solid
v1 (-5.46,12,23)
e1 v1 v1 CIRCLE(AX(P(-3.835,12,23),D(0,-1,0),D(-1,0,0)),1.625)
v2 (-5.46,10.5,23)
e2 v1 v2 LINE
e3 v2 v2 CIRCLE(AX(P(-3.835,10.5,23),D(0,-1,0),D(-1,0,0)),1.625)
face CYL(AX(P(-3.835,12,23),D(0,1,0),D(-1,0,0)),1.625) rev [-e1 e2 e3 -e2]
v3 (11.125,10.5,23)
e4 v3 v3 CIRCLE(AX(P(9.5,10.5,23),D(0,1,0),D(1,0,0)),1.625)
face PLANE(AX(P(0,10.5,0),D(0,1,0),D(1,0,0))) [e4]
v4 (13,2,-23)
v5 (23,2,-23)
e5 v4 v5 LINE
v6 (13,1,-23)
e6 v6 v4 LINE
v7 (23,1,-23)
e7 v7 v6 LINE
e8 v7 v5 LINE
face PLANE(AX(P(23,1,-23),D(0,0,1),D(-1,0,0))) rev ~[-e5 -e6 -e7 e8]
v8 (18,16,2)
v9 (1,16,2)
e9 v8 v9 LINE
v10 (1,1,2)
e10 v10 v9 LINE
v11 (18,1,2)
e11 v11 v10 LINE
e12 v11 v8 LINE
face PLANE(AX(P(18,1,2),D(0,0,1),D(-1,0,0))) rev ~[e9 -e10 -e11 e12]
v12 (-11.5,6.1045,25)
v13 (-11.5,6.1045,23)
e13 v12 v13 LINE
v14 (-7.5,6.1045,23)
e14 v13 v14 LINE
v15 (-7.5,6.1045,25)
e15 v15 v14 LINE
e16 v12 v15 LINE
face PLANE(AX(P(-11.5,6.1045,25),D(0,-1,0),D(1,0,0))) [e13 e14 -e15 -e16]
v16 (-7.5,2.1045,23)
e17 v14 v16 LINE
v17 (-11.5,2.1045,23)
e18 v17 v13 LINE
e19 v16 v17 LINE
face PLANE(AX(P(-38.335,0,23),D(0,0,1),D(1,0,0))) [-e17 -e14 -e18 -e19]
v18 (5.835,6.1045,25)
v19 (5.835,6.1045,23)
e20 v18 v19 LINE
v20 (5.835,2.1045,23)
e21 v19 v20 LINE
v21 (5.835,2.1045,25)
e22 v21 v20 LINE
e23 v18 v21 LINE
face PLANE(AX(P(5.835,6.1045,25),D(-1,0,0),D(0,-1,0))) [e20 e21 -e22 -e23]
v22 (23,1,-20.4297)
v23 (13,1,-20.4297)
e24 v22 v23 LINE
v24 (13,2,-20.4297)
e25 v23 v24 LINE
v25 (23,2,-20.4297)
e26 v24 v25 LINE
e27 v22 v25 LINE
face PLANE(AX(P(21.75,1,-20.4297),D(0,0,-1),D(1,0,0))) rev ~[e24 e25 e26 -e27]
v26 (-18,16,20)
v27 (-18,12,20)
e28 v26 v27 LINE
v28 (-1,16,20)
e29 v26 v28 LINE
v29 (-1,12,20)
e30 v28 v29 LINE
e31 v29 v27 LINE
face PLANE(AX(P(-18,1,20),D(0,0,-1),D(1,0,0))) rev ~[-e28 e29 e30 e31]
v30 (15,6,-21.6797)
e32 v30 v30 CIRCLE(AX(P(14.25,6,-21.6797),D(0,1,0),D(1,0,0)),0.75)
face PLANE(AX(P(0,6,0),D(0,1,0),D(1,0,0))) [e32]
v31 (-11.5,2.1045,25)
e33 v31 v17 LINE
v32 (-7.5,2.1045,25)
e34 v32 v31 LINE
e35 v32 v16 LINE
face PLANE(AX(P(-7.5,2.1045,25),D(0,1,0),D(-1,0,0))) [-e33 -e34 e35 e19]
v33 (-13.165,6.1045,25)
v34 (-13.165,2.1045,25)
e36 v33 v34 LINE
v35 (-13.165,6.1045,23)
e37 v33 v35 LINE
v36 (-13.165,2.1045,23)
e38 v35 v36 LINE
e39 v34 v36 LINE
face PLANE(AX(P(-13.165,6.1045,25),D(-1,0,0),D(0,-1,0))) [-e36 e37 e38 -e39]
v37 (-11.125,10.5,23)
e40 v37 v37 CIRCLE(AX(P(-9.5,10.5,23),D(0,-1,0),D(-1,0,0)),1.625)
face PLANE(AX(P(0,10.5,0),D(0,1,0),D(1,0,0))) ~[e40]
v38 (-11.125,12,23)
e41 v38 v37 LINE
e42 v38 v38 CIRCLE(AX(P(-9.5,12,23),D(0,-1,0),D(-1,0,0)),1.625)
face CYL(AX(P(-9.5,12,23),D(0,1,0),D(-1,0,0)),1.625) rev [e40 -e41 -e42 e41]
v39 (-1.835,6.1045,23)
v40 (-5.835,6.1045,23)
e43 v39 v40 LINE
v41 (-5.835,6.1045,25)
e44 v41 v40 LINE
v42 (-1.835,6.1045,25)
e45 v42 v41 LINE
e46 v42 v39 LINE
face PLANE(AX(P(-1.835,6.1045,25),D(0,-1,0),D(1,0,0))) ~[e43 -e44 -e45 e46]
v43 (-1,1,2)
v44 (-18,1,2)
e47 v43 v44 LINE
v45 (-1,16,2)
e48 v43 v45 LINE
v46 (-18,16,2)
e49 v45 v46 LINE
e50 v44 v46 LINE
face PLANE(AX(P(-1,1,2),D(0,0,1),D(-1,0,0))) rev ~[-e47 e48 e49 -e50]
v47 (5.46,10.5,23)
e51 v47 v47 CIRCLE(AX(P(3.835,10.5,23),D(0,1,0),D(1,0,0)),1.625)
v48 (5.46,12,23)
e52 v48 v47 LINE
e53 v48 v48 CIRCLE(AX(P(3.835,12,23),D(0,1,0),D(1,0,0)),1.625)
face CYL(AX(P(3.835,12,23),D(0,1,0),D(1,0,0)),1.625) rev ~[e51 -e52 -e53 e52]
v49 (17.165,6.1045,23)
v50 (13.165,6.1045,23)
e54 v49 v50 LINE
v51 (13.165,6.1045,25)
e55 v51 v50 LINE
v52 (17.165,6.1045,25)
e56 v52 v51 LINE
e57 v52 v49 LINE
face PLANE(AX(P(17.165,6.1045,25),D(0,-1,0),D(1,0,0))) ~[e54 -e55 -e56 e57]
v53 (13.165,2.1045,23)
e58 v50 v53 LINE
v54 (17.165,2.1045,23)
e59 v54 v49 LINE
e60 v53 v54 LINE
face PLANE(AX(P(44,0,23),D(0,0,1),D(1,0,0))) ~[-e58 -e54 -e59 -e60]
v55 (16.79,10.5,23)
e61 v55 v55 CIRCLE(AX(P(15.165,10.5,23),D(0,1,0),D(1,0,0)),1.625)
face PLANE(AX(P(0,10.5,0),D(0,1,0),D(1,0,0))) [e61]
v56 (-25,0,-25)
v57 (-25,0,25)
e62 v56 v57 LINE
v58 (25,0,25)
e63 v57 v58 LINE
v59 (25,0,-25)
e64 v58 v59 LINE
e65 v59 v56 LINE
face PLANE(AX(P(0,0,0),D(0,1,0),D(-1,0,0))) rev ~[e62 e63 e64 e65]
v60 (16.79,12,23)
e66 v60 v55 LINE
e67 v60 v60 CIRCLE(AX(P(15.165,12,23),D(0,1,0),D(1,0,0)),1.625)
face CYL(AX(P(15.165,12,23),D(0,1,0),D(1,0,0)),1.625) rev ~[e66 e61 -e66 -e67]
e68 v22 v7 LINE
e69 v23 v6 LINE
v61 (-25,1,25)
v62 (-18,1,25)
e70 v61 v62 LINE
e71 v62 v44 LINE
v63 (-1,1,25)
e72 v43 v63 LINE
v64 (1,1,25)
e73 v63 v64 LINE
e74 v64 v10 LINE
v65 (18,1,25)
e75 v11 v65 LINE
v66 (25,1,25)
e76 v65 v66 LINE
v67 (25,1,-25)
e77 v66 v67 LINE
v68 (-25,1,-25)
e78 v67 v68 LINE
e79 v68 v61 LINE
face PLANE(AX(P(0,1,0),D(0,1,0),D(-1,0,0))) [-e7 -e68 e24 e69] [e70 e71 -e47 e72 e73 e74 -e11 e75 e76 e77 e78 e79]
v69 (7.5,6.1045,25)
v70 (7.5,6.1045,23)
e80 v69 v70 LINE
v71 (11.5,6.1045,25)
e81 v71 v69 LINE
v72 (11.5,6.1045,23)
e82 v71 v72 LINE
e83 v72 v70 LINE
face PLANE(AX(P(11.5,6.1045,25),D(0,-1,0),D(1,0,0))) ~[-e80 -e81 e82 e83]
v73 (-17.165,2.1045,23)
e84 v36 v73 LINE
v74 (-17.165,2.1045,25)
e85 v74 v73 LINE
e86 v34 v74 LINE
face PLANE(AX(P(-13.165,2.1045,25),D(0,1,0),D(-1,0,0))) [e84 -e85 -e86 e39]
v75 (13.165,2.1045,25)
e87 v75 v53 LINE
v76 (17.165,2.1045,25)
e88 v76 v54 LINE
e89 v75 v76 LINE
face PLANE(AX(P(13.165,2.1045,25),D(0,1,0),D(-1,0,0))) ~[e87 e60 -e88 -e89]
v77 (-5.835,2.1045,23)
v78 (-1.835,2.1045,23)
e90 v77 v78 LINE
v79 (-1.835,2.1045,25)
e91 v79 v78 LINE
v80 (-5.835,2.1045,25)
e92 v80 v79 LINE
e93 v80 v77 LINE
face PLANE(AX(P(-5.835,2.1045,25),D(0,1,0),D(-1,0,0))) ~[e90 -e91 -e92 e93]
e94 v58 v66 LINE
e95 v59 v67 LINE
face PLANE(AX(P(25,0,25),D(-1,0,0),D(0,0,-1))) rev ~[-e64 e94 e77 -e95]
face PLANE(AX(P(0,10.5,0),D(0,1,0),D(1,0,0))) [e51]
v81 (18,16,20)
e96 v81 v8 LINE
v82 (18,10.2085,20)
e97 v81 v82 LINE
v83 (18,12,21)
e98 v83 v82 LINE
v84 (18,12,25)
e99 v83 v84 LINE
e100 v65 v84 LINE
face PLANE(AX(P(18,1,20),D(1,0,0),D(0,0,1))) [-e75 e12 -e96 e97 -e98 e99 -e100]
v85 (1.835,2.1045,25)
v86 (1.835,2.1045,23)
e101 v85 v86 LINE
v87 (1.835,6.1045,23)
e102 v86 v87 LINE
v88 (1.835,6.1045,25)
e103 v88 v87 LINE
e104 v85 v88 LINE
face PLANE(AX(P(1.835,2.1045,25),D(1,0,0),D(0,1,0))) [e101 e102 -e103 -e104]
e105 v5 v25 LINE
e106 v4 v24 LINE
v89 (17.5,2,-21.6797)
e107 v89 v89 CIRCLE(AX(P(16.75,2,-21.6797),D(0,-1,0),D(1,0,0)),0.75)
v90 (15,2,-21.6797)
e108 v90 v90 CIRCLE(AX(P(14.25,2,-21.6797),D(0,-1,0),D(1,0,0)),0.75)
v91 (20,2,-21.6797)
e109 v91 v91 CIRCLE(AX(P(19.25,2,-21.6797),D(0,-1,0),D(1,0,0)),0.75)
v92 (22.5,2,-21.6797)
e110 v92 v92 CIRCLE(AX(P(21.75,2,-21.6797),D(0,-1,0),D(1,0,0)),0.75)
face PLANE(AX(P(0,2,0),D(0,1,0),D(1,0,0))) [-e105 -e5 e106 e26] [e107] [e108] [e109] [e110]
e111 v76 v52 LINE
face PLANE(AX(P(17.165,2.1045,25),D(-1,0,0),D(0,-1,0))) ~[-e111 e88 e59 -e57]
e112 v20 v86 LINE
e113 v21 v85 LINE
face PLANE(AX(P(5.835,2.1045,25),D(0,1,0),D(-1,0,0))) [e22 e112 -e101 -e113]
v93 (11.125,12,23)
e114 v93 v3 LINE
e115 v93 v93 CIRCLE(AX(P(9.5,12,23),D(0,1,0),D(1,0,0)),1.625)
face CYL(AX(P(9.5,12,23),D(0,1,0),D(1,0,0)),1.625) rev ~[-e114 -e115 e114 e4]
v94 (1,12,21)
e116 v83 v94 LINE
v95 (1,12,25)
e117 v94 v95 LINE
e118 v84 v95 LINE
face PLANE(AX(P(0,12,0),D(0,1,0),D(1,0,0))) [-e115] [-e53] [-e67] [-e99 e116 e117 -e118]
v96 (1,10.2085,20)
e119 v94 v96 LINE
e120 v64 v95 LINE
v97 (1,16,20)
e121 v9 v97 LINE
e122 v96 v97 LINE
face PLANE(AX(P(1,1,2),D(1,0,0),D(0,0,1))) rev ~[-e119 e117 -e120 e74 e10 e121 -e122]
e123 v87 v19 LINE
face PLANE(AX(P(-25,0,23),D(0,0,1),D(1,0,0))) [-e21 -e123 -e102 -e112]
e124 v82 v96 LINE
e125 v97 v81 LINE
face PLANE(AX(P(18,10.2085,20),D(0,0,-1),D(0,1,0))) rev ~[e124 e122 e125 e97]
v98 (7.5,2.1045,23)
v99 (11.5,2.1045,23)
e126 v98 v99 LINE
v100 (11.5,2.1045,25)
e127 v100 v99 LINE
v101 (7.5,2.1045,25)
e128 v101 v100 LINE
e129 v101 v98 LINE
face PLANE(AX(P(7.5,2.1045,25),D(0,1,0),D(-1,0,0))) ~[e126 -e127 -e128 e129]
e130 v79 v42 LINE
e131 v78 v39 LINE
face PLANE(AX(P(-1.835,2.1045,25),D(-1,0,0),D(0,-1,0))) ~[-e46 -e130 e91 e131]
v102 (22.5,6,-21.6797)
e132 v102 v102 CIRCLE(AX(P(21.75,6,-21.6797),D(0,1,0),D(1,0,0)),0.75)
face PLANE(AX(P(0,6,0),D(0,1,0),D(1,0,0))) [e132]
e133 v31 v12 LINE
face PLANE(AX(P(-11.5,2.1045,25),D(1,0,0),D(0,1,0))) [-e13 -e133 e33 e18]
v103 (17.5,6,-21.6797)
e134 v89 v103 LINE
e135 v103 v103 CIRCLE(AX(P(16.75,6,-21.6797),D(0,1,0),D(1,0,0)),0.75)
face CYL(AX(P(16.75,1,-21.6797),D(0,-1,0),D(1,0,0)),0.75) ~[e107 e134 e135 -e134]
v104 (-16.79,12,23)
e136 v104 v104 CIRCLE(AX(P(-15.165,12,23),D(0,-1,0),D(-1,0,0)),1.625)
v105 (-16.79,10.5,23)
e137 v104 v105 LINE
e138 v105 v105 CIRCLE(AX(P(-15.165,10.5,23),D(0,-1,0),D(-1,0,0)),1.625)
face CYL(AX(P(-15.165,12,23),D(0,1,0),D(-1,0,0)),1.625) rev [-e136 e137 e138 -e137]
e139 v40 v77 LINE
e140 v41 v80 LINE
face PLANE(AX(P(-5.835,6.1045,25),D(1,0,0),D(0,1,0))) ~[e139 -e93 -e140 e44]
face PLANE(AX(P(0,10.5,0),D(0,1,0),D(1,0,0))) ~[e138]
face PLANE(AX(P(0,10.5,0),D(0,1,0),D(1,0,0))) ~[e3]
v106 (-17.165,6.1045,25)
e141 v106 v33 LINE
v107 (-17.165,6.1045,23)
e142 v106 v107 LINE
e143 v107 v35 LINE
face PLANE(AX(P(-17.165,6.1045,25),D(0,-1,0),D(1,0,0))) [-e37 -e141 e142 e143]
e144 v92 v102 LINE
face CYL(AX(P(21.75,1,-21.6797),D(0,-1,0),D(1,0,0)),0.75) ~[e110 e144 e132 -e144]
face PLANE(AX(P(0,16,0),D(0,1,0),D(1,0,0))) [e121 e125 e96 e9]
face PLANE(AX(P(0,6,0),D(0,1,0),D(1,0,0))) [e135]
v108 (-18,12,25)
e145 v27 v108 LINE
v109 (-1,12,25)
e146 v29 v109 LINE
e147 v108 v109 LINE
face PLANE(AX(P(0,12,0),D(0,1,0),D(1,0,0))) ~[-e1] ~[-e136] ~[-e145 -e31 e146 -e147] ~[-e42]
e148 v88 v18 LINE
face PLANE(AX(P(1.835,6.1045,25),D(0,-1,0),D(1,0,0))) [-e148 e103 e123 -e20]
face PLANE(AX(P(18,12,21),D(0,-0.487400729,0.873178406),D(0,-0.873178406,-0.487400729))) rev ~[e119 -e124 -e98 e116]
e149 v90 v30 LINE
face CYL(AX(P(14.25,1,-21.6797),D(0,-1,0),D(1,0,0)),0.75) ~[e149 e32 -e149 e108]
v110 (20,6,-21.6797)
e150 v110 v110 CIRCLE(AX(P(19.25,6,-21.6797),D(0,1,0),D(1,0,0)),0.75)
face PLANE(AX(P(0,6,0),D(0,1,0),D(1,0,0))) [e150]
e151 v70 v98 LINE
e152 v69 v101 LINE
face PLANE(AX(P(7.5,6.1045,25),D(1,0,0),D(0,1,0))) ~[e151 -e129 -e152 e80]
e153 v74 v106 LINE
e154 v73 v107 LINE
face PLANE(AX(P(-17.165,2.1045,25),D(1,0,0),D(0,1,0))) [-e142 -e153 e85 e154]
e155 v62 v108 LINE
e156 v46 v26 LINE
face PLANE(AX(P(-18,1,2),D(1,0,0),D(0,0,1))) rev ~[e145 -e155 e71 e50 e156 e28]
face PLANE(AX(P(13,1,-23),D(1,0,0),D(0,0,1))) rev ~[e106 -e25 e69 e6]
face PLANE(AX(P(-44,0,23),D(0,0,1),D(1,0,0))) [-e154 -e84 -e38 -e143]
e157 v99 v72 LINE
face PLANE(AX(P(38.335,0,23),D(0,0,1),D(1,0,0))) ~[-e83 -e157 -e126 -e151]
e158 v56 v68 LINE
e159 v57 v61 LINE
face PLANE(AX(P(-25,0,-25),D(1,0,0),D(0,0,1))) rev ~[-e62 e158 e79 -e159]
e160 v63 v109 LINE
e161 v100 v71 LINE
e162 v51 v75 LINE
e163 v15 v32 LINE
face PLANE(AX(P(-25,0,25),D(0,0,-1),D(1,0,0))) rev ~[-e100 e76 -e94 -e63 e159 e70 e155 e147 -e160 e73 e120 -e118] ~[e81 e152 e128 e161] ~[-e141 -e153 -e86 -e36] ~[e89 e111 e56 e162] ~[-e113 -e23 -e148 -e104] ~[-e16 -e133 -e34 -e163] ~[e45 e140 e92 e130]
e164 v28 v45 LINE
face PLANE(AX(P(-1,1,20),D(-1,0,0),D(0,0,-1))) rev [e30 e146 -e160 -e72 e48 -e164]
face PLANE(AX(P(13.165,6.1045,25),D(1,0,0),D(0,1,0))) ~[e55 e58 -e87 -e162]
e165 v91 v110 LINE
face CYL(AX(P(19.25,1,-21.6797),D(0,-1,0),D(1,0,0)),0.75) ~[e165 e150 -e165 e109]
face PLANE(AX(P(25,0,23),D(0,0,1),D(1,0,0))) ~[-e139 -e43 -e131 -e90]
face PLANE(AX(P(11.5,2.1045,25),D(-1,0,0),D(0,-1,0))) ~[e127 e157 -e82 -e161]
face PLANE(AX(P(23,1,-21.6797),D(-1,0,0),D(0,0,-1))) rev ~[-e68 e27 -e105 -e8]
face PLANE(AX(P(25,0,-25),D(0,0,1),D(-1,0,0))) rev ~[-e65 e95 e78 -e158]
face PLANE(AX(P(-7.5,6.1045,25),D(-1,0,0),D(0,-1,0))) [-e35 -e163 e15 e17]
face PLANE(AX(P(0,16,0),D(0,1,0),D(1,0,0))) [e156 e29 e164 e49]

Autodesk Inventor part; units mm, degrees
ref_plane "YZ Plane" through (0, 0, 0) normal (1, 0, 0) x (0, 1, 0)
ref_plane "XZ Plane" through (0, 0, 0) normal (0, 1, 0) x (-1, 0, 0)
ref_plane "XY Plane" through (0, 0, 0) normal (0, 0, 1) x (1, 0, 0)
sketch "Sketch1" plane through (0, 0, 0) normal (0, 1, 0) x (-1, 0, 0)
  line L0 (-25, 25) -> (-25, -25)
  line L1 (-25, -25) -> (25, -25)
  line L2 (25, -25) -> (25, 25)
  line L3 (25, 25) -> (-25, 25)
  line L4 (-25, 25) -> (25, -25) construction
  line L5 (-25, -25) -> (25, 25) construction
  point P0 (0, 0)
  dimension "d0" = 50
  dimension "d1" = 50
extrude "Extrusion1" add sketch "Sketch1" along normal blind 1
sketch "Sketch2" plane through (0, 1, 0) normal (0, 1, 0) x (1, 0, 0)
  line L0 (25, -25) -> (25, 25) construction
  line L1 (25, -25) -> (25, -20) construction
  line L2 (25, -20) -> (-25, -20) construction
  line L3 (-25, 25) -> (-25, -25) construction
  line L4 (25, -20) -> (25, -2) construction
  line L5 (25, -2) -> (-25, -2) construction
  line L6 (25, -20) -> (18, -20) construction
  line L7 (18, -20) -> (18, -2) construction
  line L8 (-25, -20) -> (-18, -20) construction
  line L9 (-18, -20) -> (-18, -2) construction
  line L10 (1, -2) -> (-1, -2) construction
  line L11 (-1, -2) -> (-1, -20) construction
  line L12 (-1, -20) -> (1, -20) construction
  line L13 (1, -20) -> (1, -2) construction
  line L14 (1, -2) -> (-1, -20) construction
  line L15 (-1, -2) -> (1, -20) construction
  line L16 (18, -2) -> (1, -2)
  line L17 (1, -2) -> (1, -20)
  line L18 (1, -20) -> (18, -20)
  line L19 (18, -20) -> (18, -2)
  line L20 (-1, -2) -> (-18, -2)
  line L21 (-18, -2) -> (-18, -20)
  line L22 (-18, -20) -> (-1, -20)
  line L23 (-1, -20) -> (-1, -2)
  point P0 (0, 0)
  point P1 (0, -11)
  dimension "d4" = 5
  dimension "d5" = 18
  dimension "d6" = 7
  dimension "d7" = 7
  dimension "d8" = 2
extrude "Extrusion2" add sketch "Sketch2" along normal blind 15
sketch "Sketch3" plane through (0, 1, 0) normal (0, 1, 0) x (1, 0, 0)
  line L0 (18, -20) -> (1, -20) projected
  line L1 (18, -20) -> (18, -25)
  line L2 (-25, -25) -> (25, -25) projected
  line L3 (1, -20) -> (1, -25)
  line L4 (1, -25) -> (18, -25)
  line L5 (18, -20) -> (1, -20)
  line L6 (18, -25) -> (12.33, -25)
  line L7 (12.33, -25) -> (12.33, -20)
  line L8 (18, -20) -> (12.33, -20)
  line L9 (12.33, -20) -> (6.66, -20)
  line L10 (6.66, -20) -> (6.66, -25)
  line L11 (6.66, -20) -> (1, -20)
  point P0 (0, 0)
  dimension "d11" = 5.67
  dimension "d12" = 5.67
extrude "Extrusion3" add sketch "Sketch3" along normal blind 11
sketch "Sketch4" plane through (18, 1, 25) normal (1, 0, 0) x (0, 0, -1)
  line L0 (5, 11) -> (5, 15) projected
  line L1 (5, 11) -> (4, 11)
  line L2 (0, 11) -> (5, 11) projected
  line L3 (4, 11) -> (5, 9.2085)
  line L4 (5, 0) -> (5, 15) projected
  point P0 (25, -1)
  dimension "d9" = 15
  dimension "d15" = 1
extrude "Extrusion4" cut sketch "Sketch4" against normal through all
sketch "Sketch5" plane through (0, 12, 0) normal (0, 1, 0) x (1, 0, 0)
  line L0 (18, -25) -> (18, -21) construction
  line L1 (18, -21) -> (12.33, -21) construction
  line L2 (18, -21) -> (1, -21) construction
  line L3 (12.33, -21) -> (12.33, -25.0141) construction
  line L4 (12.33, -25.0141) -> (6.66, -25) construction
  line L5 (1, -25) -> (18, -25) construction
  line L6 (6.66, -25) -> (6.67, -21) construction
  line L7 (6.67, -21) -> (1, -21) construction
  line L8 (-25, -25) -> (1, -25) construction
  line L9 (1, -21) -> (1, -25) construction
  circle A0 centre (3.835, -23) radius 1.625
  circle A1 centre (9.5, -23) radius 1.625
  circle A2 centre (15.165, -23) radius 1.625
  point P0 (0, 0)
  dimension "d18" = 5.67
  dimension "d19" = 5.67
  dimension "d20" = 5.67
  dimension "d21" = 3.25
  dimension "d22" = 3.25
  dimension "d23" = 3.25
extrude "Extrusion5" cut sketch "Sketch5" against normal blind 1.5
sketch "Sketch6" plane through (-25, 0, 25) normal (0, 0, 1) x (1, 0, 0)
  line L0 (0, 1) -> (26, 1) projected
  line L1 (26, 1) -> (43.0101, 1)
  line L2 (26, 12) -> (43, 12) construction
  line L3 (26, 12) -> (31.67, 12) construction
  line L4 (31.67, 12) -> (31.67, 1) construction
  line L5 (31.67, 1) -> (37.34, 1) construction
  line L6 (50, 1) -> (0, 1) construction
  line L7 (37.34, 1) -> (37.34, 12) construction
  line L8 (26.835, 6.1045) -> (30.835, 6.1045)
  line L9 (30.835, 6.1045) -> (30.835, 2.1045)
  line L10 (30.835, 2.1045) -> (26.835, 2.1045)
  line L11 (26.835, 2.1045) -> (26.835, 6.1045)
  line L12 (26.835, 6.1045) -> (30.835, 2.1045) construction
  line L13 (30.835, 6.1045) -> (26.835, 2.1045) construction
  point P0 (25, 0)
  point P1 (28.835, 4.1045)
  dimension "d26" = 5.67
  dimension "d27" = 5.67
  dimension "d28" = 4
  dimension "d29" = 4
extrude "Extrusion6" cut sketch "Sketch6" against normal blind 2
ref_plane "Work Plane1" through (9.5, 1, 2) normal (-1, 0, 0) x (0, 0, 1)
mirror "Mirror1" about plane through (9.5, 1, 2) normal (-1, 0, 0) of "Extrusion6"
ref_plane "Work Plane2" through (6.6675, 1, 2) normal (-1, 0, 0) x (0, 0, 1)
mirror "Mirror2" about plane through (6.6675, 1, 2) normal (-1, 0, 0) of "Extrusion6"
ref_plane "Work Plane3" through (0, 0, -25) normal (-1, 0, 0) x (0, 0, 1)
mirror "Mirror3" about plane through (0, 0, -25) normal (-1, 0, 0) of "Extrusion3", "Extrusion5", "Extrusion6", "Mirror1", "Mirror2", "Extrusion2"
sketch "Sketch7" plane through (0, 1, 0) normal (0, 1, 0) x (1, 0, 0)
  line L0 (25, 25) -> (25, 23) construction
  line L1 (25, -25) -> (25, 25) construction
  line L2 (25, 23) -> (23, 23) construction
  line L3 (23, 23) -> (13, 23)
  line L4 (13, 23) -> (13, 20.4297)
  line L5 (13, 20.4297) -> (23, 20.4297)
  line L6 (23, 20.4297) -> (23, 23)
  line L7 (18, 20.4297) -> (18, 23)
  line L8 (18, 20.4297) -> (23, 20.4297)
  line L9 (20.5, 20.4297) -> (20.5, 23)
  line L10 (18, 20.4297) -> (13, 20.4297)
  line L11 (15.5, 20.4297) -> (15.5, 23)
  circle A0 centre (21.75, 21.6797) radius 1.25
  circle A1 centre (19.25, 21.6797) radius 1.25
  circle A2 centre (16.75, 21.6797) radius 1.25
  circle A3 centre (14.25, 21.6797) radius 1.25
  circle A4 centre (21.75, 21.6797) radius 0.75
  circle A5 centre (19.25, 21.6797) radius 0.75
  circle A6 centre (16.75, 21.6797) radius 0.75
  circle A7 centre (14.25, 21.6797) radius 0.75
  point P0 (0, 0)
  dimension "d33" = 2
  dimension "d34" = 2
  dimension "d35" = 10
  dimension "d36" = 0.5
  dimension "d37" = 0.5
  dimension "d38" = 0.5
  dimension "d39" = 0.5
extrude "Extrusion7" add sketch "Sketch7" along normal blind 5 contours A4 | A5 | A6 | A7
extrude "Extrusion8" add sketch "Sketch7" along normal blind 1 contours L6 A0 L9 L3 | L9 A1 L7 L3 | A0 | L6 L5 A0 | L7 A2 L11 L3 | A0 L5 L9 | A1 | L9 L5 A1 | L11 A3 L4 L3 | A1 L5 L7 | A2 | L7 L5 A2 | A2 L5 L11 | A3 | L11 L5 A3 | A3 L5 L4 | A4 | A5 | A6 | A7
properties part number "H Bridge #2"
